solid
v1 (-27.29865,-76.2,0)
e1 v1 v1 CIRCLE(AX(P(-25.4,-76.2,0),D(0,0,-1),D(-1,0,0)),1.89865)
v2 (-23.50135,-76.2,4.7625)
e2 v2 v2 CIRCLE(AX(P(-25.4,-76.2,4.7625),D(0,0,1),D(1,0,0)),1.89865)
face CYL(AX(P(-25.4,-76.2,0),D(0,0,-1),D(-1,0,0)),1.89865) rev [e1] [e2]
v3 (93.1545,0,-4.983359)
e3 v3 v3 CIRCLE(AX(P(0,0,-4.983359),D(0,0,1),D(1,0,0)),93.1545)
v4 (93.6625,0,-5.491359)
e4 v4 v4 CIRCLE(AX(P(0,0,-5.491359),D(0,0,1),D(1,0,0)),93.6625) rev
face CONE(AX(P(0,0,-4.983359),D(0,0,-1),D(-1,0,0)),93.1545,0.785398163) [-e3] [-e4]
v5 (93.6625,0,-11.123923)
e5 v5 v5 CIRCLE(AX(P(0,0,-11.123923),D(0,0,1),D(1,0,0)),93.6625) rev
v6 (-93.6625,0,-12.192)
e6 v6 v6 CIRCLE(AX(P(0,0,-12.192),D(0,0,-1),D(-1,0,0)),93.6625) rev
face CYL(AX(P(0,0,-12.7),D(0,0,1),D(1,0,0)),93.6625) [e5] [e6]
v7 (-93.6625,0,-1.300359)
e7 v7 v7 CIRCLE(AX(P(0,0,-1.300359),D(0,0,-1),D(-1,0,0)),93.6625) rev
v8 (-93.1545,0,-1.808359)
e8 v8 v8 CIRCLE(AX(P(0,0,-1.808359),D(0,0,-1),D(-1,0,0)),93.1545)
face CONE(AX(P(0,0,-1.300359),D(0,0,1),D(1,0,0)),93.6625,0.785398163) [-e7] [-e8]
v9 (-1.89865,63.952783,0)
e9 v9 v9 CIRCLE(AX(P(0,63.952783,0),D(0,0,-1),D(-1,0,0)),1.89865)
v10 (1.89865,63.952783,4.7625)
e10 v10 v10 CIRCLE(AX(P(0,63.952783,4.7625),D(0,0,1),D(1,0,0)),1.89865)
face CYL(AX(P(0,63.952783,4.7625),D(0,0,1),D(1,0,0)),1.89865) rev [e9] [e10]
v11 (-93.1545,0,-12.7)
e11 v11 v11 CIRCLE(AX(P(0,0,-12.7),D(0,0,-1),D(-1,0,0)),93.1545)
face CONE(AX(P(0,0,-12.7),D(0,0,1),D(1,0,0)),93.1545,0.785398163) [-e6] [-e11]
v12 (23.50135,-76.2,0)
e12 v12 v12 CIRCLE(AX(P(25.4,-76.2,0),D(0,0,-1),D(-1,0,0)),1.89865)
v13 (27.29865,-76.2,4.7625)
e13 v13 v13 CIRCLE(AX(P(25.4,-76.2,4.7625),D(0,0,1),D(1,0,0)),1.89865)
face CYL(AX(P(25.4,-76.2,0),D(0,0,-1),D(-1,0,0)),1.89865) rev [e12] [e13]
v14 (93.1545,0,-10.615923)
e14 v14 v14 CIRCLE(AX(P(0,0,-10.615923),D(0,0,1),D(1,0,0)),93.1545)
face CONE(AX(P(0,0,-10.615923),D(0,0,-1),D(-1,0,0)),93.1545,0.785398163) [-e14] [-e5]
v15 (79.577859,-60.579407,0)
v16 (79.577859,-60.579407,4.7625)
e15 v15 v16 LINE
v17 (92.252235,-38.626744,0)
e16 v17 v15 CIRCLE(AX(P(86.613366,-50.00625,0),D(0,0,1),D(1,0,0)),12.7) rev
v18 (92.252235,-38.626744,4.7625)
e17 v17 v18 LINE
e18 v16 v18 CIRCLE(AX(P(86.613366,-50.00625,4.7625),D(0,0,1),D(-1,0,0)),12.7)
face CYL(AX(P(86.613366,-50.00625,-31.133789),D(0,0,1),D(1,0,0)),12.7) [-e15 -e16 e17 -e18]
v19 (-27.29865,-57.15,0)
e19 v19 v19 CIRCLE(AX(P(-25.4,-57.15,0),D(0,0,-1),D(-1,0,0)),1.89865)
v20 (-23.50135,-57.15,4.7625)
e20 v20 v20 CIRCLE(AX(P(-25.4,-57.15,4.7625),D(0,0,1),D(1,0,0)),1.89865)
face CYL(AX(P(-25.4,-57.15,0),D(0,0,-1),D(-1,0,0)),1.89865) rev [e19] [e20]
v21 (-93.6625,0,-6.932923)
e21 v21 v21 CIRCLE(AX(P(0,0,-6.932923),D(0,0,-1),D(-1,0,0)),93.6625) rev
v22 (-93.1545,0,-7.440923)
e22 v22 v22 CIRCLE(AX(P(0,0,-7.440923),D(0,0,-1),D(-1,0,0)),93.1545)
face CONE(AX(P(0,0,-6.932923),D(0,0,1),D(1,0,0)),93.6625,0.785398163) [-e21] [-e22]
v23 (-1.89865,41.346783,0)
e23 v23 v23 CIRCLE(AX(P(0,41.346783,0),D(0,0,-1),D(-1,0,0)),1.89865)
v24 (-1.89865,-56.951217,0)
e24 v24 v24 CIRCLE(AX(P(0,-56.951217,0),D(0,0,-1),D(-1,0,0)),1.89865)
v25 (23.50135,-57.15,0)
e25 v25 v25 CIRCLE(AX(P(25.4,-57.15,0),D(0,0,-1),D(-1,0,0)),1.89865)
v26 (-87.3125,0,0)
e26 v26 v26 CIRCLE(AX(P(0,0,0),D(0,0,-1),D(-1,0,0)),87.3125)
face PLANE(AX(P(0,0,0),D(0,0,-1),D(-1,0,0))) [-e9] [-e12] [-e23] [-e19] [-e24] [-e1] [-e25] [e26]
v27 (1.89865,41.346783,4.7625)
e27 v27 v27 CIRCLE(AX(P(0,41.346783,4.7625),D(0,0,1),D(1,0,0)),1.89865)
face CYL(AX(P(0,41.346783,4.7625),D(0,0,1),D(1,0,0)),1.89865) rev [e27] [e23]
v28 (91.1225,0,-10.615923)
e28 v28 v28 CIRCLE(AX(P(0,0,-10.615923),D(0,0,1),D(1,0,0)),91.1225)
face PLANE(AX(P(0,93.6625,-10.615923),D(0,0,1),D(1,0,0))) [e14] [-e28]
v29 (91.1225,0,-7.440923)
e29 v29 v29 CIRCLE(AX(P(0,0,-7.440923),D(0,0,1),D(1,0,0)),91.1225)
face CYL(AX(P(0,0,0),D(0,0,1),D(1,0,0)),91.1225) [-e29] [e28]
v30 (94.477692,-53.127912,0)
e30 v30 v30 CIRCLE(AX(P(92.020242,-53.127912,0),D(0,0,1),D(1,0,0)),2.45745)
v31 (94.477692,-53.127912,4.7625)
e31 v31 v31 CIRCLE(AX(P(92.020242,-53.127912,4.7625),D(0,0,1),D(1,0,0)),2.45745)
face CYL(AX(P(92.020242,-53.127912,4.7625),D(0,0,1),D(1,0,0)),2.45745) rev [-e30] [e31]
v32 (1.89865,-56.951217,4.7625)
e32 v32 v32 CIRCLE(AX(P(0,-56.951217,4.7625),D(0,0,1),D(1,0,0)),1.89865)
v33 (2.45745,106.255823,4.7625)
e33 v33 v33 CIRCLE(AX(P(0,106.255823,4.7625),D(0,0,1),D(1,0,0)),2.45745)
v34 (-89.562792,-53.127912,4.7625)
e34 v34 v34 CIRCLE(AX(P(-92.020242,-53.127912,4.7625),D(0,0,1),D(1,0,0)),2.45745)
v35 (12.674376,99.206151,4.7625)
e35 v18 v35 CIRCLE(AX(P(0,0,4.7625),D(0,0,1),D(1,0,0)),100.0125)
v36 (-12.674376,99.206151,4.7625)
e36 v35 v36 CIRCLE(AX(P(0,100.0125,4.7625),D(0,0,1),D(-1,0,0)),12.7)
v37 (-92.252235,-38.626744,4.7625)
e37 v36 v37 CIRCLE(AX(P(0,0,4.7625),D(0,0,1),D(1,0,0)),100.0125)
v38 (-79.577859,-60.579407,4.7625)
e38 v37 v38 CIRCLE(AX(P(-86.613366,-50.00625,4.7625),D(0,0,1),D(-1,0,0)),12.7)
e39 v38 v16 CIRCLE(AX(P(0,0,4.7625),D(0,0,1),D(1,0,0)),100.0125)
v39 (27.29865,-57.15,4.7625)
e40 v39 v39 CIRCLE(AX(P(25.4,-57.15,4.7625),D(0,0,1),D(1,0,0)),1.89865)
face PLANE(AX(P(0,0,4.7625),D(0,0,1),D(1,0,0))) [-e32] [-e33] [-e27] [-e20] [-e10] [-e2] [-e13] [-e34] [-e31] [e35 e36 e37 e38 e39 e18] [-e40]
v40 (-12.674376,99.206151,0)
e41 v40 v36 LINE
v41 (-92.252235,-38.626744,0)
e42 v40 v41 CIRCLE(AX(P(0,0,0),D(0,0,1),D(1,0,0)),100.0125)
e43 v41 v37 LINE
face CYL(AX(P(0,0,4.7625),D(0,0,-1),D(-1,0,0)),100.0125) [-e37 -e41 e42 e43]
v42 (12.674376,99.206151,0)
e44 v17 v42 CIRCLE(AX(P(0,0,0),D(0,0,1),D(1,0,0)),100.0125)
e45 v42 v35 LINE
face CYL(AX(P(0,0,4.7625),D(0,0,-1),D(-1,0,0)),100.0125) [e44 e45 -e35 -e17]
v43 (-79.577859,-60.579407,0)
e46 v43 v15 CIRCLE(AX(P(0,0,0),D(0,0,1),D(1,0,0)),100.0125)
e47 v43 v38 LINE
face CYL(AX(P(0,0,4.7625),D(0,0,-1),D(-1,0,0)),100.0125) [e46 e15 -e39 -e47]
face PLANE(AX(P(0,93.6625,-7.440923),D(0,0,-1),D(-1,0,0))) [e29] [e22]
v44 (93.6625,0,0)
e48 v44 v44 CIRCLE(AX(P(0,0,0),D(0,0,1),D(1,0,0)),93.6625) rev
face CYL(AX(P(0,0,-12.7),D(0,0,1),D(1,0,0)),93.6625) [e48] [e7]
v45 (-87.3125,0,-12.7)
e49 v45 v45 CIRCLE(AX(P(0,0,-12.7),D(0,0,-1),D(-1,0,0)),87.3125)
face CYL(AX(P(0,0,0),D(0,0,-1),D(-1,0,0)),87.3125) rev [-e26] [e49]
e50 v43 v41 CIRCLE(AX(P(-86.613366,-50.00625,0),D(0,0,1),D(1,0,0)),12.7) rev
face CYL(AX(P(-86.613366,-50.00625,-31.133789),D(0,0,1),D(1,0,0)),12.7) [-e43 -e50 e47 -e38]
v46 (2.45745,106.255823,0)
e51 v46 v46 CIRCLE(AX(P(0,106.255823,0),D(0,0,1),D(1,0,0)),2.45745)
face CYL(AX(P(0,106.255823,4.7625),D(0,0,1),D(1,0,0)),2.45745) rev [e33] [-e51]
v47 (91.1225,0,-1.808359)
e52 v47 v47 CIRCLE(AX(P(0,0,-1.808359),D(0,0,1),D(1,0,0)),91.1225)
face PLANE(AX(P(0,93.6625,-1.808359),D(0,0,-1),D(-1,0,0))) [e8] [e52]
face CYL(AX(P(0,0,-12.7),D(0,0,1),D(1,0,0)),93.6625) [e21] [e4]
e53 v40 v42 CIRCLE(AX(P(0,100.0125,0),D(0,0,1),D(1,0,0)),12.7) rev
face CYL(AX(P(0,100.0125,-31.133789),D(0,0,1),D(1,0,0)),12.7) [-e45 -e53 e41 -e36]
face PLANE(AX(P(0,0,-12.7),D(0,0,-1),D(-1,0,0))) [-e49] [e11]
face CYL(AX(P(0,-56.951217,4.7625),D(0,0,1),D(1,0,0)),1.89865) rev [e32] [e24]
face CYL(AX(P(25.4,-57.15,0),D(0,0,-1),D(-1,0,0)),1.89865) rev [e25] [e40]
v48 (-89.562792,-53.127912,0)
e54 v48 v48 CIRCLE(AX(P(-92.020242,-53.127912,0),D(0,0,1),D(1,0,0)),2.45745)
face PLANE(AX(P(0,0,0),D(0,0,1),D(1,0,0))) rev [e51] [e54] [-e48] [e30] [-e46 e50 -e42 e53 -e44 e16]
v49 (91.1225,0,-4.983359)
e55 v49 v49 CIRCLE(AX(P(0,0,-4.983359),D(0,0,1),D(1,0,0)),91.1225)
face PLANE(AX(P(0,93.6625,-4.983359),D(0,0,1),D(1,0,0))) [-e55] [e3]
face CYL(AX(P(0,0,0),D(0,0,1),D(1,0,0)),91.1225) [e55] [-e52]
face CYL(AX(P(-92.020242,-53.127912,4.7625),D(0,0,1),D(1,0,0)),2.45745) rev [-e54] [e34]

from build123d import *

# Parameters (mm, degrees)
SKETCH1_R                        = 100.0125
EXTRUDE1_DEPTH                   = 4.7625
SKETCH2_R                        = 93.6625
EXTRUDE2_DEPTH                   = 12.7
SKETCH3_R                        = 87.3125
CUT_EXTRUDE1_DEPTH               = 12.7
SKETCH4_W                        = 3.175
SKETCH4_H                        = 2.54
EXTRUDE3_DEPTH                   = 4.7625
F_10_0_1935_DIAMETER_HOLE1_D     = 4.9149
F_10_0_1935_DIAMETER_HOLE1_DEPTH = 330.2
F_10_0_1935_DIAMETER_HOLE1_TIP   = 1.476584928
CHAMFER1_SIZE                    = 0.508
F_6_CLEARANCE_HOLE1_D            = 3.7973
F_6_CLEARANCE_HOLE1_DEPTH        = 6.35
F_6_CLEARANCE_HOLE1_TIP          = 1.140824014
F_6_CLEARANCE_HOLE2_D            = 3.7973
F_6_CLEARANCE_HOLE2_DEPTH        = 25.4
F_6_CLEARANCE_HOLE2_TIP          = 1.140824014


with BuildPart() as part:
    # Sketch1 → Extrude1 (new body)
    with BuildSketch(Plane.XY):
        Circle(SKETCH1_R)
    extrude(amount=EXTRUDE1_DEPTH)

    # Sketch2 → Extrude2 (add)
    with BuildSketch(Plane(origin=(0, 0, 0), x_dir=(-1, 0, 0), z_dir=(0, 0, -1))):
        Circle(SKETCH2_R)
    extrude(amount=EXTRUDE2_DEPTH)

    # Sketch3 → Cut-Extrude1 (cut)
    with BuildSketch(Plane(origin=(0, 0, -12.7), x_dir=(-1, 0, 0), z_dir=(0, 0, -1))):
        Circle(SKETCH3_R)
    extrude(amount=-CUT_EXTRUDE1_DEPTH, mode=Mode.SUBTRACT)

    # Sketch4 → Cut-Revolve1 (revolve, cut)
    with BuildSketch(Plane(origin=(0, 0, 0), x_dir=(0, 0, -1), z_dir=(1, 0, 0))):
        with Locations((3.395858926, 92.3925)):
            Rectangle(SKETCH4_W, SKETCH4_H)
        with Locations((9.028423409, 92.3925)):
            Rectangle(SKETCH4_W, SKETCH4_H)
    revolve(axis=Axis((0, 0, 0), (0, 0, -1)), mode=Mode.SUBTRACT)

    # Sketch5 → Extrude3 (add)
    with BuildSketch(Plane.XY.offset(4.7625)):
        with BuildLine():
            ThreePointArc((-12.674375762, 99.206150794), (0, 112.7125), (12.674375762, 99.206150794))
            ThreePointArc((12.674375762, 99.206150794), (0, 100.0125), (-12.674375762, 99.206150794))
        make_face()
        with BuildLine():
            ThreePointArc((92.25223468, -38.62674401), (97.611888324, -56.35625), (79.577858918, -60.579406784))
            ThreePointArc((79.577858918, -60.579406784), (86.613365696, -50.00625), (92.25223468, -38.62674401))
        make_face()
        with BuildLine():
            ThreePointArc((-79.577858918, -60.579406784), (-97.611888324, -56.35625), (-92.25223468, -38.62674401))
            ThreePointArc((-92.25223468, -38.62674401), (-86.613365696, -50.00625), (-79.577858918, -60.579406784))
        make_face()
    extrude(amount=-EXTRUDE3_DEPTH)

    # #10 (0.1935) Diameter Hole1
    with Locations(Plane(origin=(0, 106.25582337, 4.7625), x_dir=(1, 0, 0), z_dir=(0, 0, 1))):
        with Locations((0, 0), (-92.020242338, -159.383735055), (92.020242338, -159.383735055)):
            Hole(F_10_0_1935_DIAMETER_HOLE1_D / 2, depth=F_10_0_1935_DIAMETER_HOLE1_DEPTH)
            with Locations((0, 0, -(F_10_0_1935_DIAMETER_HOLE1_DEPTH + F_10_0_1935_DIAMETER_HOLE1_TIP / 2))):  # 118° drill point
                Cone(0, F_10_0_1935_DIAMETER_HOLE1_D / 2, F_10_0_1935_DIAMETER_HOLE1_TIP, mode=Mode.SUBTRACT)

    # Chamfer1
    chamfer1_edges = [part.edges().sort_by_distance(p)[0] for p in [
        (93.6625, 0, -1.808358926),
        (93.6625, 0, -4.983358926),
        (93.6625, 0, -7.440923409),
        (93.6625, 0, -10.615923409),
        (93.6625, 0, -12.7),
    ]]
    chamfer(chamfer1_edges, length=CHAMFER1_SIZE)

    # #6 Clearance Hole1
    with Locations(Plane(origin=(0, 63.952783211, 4.7625), x_dir=(1, 0, 0), z_dir=(0, 0, 1))):
        with Locations((0, 0), (0, -22.606), (0, -120.904)):
            Hole(F_6_CLEARANCE_HOLE1_D / 2, depth=F_6_CLEARANCE_HOLE1_DEPTH)
            with Locations((0, 0, -(F_6_CLEARANCE_HOLE1_DEPTH + F_6_CLEARANCE_HOLE1_TIP / 2))):  # 118° drill point
                Cone(0, F_6_CLEARANCE_HOLE1_D / 2, F_6_CLEARANCE_HOLE1_TIP, mode=Mode.SUBTRACT)

    # #6 Clearance Hole2
    with Locations(Plane(origin=(25.4, -57.15, 0), x_dir=(-1, 0, 0), z_dir=(0, 0, -1))):
        with Locations((0, 0), (50.8, 0), (0, -19.05), (50.8, -19.05)):
            Hole(F_6_CLEARANCE_HOLE2_D / 2, depth=F_6_CLEARANCE_HOLE2_DEPTH)
            with Locations((0, 0, -(F_6_CLEARANCE_HOLE2_DEPTH + F_6_CLEARANCE_HOLE2_TIP / 2))):  # 118° drill point
                Cone(0, F_6_CLEARANCE_HOLE2_D / 2, F_6_CLEARANCE_HOLE2_TIP, mode=Mode.SUBTRACT)


solid = part.part
